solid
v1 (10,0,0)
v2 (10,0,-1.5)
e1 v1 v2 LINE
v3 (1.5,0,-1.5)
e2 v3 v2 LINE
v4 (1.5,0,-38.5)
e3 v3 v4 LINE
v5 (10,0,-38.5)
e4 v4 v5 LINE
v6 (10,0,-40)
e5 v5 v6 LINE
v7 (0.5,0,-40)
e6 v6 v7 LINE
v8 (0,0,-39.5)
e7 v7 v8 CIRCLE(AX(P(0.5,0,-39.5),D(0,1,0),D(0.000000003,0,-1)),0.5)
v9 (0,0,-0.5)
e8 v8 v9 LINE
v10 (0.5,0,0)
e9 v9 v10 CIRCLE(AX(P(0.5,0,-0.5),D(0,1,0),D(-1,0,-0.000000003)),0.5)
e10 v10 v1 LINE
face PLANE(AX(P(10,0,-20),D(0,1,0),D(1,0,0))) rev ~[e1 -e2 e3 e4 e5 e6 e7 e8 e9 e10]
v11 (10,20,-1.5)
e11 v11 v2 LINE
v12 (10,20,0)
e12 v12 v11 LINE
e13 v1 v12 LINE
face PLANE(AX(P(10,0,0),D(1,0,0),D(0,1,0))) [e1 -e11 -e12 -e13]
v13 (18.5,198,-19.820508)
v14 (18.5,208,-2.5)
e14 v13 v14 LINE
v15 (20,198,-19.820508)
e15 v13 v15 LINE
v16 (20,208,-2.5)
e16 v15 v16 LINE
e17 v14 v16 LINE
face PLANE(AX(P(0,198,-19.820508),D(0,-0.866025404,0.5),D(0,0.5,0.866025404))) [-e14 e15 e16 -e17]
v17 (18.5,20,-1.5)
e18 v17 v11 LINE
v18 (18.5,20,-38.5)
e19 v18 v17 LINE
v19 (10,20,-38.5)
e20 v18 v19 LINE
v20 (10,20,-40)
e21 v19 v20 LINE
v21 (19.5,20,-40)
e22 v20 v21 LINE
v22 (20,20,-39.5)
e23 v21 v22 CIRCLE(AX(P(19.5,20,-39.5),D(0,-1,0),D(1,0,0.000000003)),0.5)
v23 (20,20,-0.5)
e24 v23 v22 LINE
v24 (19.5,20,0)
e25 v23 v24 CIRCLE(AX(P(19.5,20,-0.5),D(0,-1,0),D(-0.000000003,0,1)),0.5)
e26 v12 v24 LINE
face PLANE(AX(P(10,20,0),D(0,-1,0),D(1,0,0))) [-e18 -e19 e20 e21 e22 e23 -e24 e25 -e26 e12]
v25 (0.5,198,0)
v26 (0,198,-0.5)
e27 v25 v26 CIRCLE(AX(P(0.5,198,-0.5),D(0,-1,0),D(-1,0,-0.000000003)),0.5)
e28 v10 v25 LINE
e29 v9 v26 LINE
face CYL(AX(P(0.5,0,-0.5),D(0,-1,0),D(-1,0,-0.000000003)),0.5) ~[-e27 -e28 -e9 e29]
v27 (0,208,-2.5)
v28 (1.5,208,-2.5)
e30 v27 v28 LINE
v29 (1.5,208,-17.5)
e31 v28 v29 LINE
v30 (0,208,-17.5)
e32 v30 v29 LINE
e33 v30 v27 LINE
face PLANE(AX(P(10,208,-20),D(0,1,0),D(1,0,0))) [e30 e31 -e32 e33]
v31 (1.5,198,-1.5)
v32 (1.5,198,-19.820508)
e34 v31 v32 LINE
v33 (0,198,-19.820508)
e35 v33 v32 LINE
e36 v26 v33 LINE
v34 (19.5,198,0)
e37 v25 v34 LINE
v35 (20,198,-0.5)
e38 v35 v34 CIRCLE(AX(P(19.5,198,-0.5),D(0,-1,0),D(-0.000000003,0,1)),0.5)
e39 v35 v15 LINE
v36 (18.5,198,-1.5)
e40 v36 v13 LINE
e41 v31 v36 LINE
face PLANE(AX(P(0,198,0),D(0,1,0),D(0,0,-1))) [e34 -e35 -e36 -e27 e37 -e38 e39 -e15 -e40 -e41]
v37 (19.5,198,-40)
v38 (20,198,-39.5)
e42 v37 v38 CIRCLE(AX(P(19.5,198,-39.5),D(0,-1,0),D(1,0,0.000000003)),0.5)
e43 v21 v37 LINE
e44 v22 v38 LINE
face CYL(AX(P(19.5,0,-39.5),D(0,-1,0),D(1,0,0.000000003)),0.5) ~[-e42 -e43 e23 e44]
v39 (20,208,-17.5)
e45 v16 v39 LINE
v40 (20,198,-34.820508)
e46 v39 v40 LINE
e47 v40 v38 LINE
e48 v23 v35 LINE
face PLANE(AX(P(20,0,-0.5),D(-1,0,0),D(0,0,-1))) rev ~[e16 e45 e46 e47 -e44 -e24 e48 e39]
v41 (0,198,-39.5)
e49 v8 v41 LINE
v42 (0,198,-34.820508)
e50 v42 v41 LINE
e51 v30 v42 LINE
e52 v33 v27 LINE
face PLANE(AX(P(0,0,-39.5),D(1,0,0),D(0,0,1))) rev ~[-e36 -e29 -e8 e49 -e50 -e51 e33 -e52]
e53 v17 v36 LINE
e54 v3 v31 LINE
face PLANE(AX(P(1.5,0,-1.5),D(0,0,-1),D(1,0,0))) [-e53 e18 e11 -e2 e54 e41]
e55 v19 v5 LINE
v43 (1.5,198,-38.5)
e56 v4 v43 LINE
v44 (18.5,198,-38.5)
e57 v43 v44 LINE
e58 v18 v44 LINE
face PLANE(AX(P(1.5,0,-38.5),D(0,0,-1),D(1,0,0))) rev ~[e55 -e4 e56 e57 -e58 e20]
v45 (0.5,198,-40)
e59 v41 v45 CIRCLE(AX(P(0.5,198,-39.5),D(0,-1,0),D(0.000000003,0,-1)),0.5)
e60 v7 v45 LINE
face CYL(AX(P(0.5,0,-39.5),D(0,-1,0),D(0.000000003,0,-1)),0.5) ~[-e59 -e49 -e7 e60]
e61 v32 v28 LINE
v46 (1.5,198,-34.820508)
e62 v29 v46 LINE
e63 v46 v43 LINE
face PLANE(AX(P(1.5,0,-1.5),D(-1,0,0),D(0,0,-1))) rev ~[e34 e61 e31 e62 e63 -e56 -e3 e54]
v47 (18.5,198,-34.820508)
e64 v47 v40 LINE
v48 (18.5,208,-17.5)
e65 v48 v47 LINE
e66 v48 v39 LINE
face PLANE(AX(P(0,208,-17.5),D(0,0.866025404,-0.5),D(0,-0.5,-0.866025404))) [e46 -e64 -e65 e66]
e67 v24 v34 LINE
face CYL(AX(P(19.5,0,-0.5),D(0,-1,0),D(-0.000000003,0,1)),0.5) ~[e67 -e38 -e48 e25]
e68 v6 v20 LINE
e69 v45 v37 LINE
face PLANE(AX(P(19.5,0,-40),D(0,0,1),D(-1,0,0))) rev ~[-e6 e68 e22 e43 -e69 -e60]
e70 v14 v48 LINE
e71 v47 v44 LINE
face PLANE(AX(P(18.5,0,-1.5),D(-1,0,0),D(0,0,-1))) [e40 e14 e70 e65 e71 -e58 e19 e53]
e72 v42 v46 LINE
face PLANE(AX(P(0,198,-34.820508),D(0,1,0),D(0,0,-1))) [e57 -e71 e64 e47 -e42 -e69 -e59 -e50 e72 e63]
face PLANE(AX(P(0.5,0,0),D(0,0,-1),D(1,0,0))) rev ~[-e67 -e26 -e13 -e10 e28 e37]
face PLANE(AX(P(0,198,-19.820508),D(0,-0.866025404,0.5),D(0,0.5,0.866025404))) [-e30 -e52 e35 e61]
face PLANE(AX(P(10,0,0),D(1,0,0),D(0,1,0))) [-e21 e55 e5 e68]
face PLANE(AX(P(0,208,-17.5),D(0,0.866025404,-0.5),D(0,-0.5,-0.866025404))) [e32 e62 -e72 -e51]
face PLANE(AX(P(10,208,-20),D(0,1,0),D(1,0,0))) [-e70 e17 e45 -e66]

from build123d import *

# Parameters (mm, degrees)
SKETCH1_W           = 17
SKETCH1_H           = 37
BOSS_EXTRUDE1_DEPTH = 208
SKETCH2_W           = 10
SKETCH2_H           = 20
CUT_EXTRUDE1_DEPTH  = 40
CUT_EXTRUDE2_DEPTH  = 40


with BuildPart() as part:
    # Sketch1 → Boss-Extrude1 (new body)
    with BuildSketch(Plane(origin=(0, 0, 0), x_dir=(1, 0, 0), z_dir=(0, 1, 0))):
        with BuildLine():
            Line((0.5, 0), (19.5, 0))
            ThreePointArc((19.5, 0), (19.853553391, 0.146446609), (20, 0.5))
            Line((20, 0.5), (20, 39.5))
            ThreePointArc((20, 39.5), (19.853553391, 39.853553391), (19.5, 40))
            Line((19.5, 40), (0.5, 40))
            ThreePointArc((0.5, 40), (0.146446609, 39.853553391), (0, 39.5))
            Line((0, 39.5), (0, 0.5))
            ThreePointArc((0, 0.5), (0.146446609, 0.146446609), (0.5, 0))
        make_face()
        with Locations((10, 20)):
            Rectangle(SKETCH1_W, SKETCH1_H, mode=Mode.SUBTRACT)
    extrude(amount=BOSS_EXTRUDE1_DEPTH)

    # Sketch2 → Cut-Extrude1 (cut)
    with BuildSketch(Plane.XY):
        with Locations((15, 10)):
            Rectangle(SKETCH2_W, SKETCH2_H)
    extrude(amount=-CUT_EXTRUDE1_DEPTH, mode=Mode.SUBTRACT)

    # Sketch3 → Cut-Extrude2 (cut)
    with BuildSketch(Plane(origin=(0, 0, 0), x_dir=(0, 0, -1), z_dir=(1, 0, 0))):
        Polygon((0, 208), (0, 198), (19.820508076, 198), (2.5, 208), align=None)
        Polygon((17.5, 208), (34.820508076, 198), (40, 198), (40, 208), align=None)
    extrude(amount=CUT_EXTRUDE2_DEPTH, mode=Mode.SUBTRACT)


solid = part.part
